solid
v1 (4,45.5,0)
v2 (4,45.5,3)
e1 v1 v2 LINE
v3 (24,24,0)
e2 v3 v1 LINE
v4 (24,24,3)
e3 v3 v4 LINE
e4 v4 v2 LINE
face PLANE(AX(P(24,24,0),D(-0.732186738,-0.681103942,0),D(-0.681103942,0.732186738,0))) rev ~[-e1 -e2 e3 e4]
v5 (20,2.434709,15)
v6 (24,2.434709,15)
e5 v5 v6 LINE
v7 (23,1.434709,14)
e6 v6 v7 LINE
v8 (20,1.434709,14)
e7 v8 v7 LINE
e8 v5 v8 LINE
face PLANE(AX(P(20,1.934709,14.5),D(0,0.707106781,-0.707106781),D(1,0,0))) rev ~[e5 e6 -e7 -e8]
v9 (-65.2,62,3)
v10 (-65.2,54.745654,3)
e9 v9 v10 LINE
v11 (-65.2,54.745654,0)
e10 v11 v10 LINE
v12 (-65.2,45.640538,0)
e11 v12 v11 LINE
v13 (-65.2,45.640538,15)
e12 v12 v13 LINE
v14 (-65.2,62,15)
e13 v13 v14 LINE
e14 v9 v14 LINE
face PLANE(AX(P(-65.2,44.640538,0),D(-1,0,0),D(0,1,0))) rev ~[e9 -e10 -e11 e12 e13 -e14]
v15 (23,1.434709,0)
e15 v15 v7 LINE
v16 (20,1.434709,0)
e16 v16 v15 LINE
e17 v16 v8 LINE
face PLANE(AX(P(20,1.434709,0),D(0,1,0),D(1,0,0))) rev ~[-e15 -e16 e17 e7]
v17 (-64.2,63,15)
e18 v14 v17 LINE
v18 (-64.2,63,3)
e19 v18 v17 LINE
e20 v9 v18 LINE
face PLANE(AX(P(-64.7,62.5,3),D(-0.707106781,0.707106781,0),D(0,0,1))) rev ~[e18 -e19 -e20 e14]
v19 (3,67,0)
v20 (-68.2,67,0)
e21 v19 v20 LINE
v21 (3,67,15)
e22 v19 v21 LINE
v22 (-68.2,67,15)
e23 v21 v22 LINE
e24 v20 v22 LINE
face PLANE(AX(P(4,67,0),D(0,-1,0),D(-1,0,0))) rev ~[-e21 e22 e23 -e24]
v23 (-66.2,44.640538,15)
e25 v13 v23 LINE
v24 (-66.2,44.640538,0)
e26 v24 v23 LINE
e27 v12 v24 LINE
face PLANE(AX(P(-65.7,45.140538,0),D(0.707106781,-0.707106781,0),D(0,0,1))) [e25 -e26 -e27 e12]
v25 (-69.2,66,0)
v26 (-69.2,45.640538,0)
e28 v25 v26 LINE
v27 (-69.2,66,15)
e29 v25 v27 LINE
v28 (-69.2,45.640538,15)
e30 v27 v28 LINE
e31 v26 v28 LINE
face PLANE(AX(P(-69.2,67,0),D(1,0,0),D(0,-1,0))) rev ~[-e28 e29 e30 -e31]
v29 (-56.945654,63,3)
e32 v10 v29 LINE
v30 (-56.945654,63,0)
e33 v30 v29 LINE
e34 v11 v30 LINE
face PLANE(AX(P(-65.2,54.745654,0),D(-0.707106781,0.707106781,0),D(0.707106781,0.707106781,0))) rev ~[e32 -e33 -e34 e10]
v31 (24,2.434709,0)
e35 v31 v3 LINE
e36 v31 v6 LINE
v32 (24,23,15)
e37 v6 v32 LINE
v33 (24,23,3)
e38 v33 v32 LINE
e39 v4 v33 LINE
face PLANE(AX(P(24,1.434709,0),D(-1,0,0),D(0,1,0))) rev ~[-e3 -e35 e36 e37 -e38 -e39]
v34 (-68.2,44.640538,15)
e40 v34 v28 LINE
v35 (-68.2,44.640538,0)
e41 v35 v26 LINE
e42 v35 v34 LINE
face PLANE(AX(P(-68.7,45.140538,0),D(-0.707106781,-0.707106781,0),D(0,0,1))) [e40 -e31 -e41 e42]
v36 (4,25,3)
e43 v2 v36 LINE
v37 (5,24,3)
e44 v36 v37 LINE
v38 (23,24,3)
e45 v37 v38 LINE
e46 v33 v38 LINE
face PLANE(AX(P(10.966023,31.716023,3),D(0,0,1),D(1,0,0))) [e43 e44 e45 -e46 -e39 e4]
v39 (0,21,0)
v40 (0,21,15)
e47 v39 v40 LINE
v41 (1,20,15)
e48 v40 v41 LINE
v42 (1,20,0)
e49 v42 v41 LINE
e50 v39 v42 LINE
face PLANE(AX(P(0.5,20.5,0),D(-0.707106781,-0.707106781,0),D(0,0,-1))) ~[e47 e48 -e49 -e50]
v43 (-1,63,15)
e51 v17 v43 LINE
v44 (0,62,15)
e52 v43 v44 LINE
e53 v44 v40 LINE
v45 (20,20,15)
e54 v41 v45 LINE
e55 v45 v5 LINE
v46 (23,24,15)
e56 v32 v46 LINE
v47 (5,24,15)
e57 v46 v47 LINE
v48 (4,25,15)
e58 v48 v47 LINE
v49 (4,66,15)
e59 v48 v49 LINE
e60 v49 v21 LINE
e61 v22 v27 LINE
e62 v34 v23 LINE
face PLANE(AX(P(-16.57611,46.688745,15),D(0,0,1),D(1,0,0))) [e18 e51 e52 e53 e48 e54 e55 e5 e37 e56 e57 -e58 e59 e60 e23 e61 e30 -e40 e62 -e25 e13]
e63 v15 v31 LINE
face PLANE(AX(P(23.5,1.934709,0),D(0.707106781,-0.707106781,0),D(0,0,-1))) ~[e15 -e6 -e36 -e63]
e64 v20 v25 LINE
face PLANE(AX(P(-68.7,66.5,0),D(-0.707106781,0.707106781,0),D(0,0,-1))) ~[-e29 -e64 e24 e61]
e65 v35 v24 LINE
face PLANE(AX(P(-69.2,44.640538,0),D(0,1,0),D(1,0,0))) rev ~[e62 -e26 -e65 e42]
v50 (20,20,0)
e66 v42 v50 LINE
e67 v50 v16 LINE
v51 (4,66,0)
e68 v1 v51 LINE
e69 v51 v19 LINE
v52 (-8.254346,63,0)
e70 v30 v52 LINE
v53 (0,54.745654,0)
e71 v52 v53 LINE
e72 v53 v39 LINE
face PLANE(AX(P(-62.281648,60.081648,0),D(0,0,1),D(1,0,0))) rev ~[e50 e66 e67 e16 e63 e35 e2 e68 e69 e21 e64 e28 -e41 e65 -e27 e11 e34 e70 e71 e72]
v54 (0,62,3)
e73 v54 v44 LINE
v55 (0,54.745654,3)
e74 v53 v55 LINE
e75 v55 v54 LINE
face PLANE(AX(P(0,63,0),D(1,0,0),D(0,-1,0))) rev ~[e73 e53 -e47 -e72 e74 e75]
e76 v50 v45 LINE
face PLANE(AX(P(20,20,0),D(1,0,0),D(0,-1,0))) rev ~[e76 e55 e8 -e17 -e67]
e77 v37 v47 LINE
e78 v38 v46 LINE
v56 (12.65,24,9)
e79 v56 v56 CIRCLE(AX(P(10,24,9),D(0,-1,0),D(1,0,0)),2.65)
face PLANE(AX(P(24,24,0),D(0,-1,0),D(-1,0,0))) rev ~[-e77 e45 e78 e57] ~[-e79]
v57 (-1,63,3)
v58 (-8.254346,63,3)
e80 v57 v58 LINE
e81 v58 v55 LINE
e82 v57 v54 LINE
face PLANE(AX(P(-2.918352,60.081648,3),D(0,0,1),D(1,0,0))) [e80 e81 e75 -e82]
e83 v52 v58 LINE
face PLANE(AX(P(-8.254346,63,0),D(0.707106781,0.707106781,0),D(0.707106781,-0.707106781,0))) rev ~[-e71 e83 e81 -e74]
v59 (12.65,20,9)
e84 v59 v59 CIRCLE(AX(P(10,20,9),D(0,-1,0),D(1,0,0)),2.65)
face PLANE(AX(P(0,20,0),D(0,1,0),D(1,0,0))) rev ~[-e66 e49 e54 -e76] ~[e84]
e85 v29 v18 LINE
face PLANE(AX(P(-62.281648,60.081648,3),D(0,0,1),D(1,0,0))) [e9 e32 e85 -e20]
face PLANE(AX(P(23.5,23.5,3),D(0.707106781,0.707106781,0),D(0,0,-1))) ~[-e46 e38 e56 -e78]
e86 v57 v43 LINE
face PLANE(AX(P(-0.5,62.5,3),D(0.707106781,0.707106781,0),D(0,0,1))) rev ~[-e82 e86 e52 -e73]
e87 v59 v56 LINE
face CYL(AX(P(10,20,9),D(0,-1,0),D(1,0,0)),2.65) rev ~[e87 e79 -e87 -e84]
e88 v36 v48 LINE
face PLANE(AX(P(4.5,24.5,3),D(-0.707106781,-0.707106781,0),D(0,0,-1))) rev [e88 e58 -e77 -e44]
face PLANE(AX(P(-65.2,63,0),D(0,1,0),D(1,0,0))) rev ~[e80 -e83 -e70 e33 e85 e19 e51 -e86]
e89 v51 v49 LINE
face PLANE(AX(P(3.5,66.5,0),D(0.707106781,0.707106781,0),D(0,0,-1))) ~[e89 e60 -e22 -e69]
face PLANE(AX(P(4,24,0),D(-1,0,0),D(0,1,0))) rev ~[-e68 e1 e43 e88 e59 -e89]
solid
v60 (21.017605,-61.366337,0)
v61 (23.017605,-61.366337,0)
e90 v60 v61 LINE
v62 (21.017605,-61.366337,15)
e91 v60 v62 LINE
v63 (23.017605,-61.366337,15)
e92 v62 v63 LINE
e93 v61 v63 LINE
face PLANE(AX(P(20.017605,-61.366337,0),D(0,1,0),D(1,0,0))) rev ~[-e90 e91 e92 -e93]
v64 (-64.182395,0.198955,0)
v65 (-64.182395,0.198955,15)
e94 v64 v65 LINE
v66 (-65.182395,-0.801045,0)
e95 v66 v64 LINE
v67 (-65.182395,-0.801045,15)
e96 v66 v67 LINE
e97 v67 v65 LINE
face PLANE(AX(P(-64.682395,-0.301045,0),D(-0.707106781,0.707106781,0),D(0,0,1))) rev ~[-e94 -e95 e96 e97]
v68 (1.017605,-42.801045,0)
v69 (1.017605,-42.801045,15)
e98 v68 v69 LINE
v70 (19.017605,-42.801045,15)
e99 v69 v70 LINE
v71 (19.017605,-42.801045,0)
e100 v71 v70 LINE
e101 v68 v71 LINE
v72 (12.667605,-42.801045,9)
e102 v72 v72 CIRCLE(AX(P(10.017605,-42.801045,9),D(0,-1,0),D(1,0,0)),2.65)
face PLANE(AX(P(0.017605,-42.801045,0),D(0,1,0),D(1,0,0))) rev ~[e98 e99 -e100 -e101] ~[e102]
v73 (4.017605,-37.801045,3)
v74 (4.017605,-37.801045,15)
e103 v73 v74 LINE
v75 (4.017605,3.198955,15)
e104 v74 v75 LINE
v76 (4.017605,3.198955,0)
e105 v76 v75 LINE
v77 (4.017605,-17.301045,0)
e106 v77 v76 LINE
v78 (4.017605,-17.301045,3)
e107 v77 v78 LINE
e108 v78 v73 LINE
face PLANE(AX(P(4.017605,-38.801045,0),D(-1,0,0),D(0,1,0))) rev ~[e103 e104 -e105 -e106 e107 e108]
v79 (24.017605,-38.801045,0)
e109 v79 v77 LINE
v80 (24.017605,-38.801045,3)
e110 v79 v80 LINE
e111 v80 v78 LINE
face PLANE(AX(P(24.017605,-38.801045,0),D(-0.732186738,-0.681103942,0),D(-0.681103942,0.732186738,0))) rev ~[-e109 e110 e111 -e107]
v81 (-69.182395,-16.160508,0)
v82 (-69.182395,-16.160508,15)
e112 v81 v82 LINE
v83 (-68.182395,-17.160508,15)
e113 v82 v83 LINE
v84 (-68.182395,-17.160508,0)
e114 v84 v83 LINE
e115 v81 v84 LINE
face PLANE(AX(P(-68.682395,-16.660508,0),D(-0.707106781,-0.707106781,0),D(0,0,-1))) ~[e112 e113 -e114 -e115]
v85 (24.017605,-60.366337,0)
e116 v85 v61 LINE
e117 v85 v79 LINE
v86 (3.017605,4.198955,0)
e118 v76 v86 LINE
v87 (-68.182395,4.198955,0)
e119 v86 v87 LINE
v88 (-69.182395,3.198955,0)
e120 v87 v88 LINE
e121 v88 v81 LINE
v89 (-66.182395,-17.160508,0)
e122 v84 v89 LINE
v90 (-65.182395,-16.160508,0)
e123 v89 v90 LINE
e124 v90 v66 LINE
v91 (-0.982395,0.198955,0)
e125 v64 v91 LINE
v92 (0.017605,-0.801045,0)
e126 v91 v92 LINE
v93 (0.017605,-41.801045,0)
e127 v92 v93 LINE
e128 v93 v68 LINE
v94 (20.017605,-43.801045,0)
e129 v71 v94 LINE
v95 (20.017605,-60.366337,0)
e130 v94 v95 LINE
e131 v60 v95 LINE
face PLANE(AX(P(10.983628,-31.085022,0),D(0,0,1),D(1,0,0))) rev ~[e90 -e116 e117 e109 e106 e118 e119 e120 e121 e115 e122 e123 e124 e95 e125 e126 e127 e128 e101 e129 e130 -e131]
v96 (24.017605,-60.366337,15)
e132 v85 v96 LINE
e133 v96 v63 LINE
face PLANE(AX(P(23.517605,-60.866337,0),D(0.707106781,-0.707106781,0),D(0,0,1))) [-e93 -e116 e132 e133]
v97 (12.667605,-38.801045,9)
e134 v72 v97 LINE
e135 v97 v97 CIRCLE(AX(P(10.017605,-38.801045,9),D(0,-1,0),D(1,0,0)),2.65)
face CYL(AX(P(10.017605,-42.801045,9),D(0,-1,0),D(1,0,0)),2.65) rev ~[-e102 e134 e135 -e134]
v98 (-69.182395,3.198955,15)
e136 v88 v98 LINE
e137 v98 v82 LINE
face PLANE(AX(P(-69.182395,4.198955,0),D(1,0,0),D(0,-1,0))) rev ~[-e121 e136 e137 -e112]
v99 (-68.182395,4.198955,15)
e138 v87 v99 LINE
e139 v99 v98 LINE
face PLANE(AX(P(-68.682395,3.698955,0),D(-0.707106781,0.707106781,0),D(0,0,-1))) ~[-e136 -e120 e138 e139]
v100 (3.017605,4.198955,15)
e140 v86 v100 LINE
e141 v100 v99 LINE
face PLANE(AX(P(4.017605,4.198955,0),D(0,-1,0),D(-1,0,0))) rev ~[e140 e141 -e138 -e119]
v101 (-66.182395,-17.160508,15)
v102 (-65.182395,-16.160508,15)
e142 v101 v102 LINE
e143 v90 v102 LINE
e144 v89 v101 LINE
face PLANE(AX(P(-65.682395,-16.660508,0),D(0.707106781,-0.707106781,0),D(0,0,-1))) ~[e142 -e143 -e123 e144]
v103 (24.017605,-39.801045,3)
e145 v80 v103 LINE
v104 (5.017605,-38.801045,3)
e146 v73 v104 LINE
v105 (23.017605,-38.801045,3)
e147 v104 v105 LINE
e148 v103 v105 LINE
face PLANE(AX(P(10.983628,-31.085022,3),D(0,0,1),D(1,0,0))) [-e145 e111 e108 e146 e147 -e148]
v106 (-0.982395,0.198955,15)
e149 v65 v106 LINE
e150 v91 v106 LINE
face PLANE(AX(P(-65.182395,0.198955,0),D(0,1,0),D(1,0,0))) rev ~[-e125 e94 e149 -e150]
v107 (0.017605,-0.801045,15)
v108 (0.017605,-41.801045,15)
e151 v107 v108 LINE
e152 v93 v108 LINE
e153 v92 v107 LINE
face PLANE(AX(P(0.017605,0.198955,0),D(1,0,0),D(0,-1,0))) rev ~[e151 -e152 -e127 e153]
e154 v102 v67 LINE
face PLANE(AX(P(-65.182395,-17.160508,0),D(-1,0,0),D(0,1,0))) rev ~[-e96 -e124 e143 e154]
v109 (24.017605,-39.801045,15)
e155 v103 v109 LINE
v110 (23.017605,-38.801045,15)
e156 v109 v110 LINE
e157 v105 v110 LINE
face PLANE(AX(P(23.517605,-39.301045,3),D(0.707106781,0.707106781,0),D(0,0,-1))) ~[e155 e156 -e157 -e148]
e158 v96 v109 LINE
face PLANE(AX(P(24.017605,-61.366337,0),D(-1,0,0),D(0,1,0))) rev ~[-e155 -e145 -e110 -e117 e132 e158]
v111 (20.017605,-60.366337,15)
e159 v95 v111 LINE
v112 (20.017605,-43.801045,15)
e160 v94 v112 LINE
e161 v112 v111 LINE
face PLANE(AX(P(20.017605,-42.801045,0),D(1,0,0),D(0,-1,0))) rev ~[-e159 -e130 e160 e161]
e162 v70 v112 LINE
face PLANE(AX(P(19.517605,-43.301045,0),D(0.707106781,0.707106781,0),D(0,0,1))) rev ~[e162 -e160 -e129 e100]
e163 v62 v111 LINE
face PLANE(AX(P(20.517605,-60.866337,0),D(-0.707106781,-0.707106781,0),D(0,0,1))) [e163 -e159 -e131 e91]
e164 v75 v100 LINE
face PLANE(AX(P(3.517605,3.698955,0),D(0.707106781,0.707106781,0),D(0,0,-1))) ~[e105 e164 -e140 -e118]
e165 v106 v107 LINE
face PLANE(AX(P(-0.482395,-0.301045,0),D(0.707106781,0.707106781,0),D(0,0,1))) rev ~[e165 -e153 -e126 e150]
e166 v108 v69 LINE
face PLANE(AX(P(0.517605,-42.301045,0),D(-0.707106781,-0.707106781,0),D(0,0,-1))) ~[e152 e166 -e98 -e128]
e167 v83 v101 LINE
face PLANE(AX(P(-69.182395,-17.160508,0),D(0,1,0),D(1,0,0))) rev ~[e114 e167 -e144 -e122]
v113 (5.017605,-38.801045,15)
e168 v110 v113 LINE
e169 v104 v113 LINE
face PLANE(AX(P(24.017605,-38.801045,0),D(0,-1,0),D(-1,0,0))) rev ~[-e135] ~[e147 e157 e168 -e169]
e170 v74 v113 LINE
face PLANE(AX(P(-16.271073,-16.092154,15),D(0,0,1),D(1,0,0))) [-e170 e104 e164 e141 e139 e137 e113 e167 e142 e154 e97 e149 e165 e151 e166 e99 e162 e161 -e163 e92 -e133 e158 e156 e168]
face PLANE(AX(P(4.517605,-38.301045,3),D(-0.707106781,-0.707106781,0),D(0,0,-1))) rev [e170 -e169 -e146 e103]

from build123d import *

# Parameters (mm, degrees)
F1_DEPTH  = 15
F2_DEPTH  = 3
F3_SIZE   = 1
F4_R      = 2.65
F5_DEPTH  = 25
F7_DEPTH  = 15
F8_DEPTH  = 3
F9_R      = 2.65
F10_DEPTH = 25
F11_SIZE  = 1


with BuildPart() as f1:
    # F0 (on Top) → F1 (new body)
    with BuildSketch(Plane.XY):
        Polygon((20, 20), (20, 1.434709), (24, 1.434709), (24, 24), (4, 24), (4, 45.5), (4, 67), (-69.2, 67), (-69.2, 44.640538), (-65.2, 44.640538), (-65.2, 54.745654), (-65.2, 63), (-56.945654, 63), (-8.254346, 63), (0, 63), (0, 54.745654), (0, 20), align=None)
    extrude(amount=F1_DEPTH)

    # F0 (on Top) → F2 (join)
    with BuildSketch(Plane.XY):
        Polygon((-65.2, 54.745654), (-56.945654, 63), (-65.2, 63), align=None)
        Polygon((-8.254346, 63), (0, 54.745654), (0, 63), align=None)
        Polygon((4, 24), (24, 24), (4, 45.5), align=None)
    extrude(amount=F2_DEPTH)

    # F3
    f3_edges = [f1.edges().sort_by_distance(p)[0] for p in [
        (0, 63, 9),
        (-65.2, 63, 9),
        (4, 24, 9),
        (24, 24, 9),
        (4, 67, 7.5),
        (0, 20, 7.5),
        (22, 1.434709, 15),
        (24, 1.434709, 7.5),
        (-69.2, 67, 7.5),
        (-69.2, 44.640538, 7.5),
        (-65.2, 44.640538, 7.5),
    ]]
    chamfer(f3_edges, length=F3_SIZE)

    # F4 (on face) → F5 (cut)
    with BuildSketch(Plane.XZ.offset(-20)):
        with Locations((10, 9)):
            Circle(F4_R)
    extrude(amount=-F5_DEPTH, mode=Mode.SUBTRACT)


with BuildPart() as f7:
    # F6 (on Top) → F7 (new body)
    with BuildSketch(Plane.XY):
        Polygon((20.017605, -42.801045), (20.017605, -61.366337), (24.017605, -61.366337), (24.017605, -38.801045), (4.017605, -38.801045), (4.017605, -17.301045), (4.017605, 4.198955), (-69.182395, 4.198955), (-69.182395, -17.160508), (-65.182395, -17.160508), (-65.182395, -7.055392), (-65.182395, 0.198955), (-57.928049, 0.198955), (-7.236742, 0.198955), (0.017605, 0.198955), (0.017605, -7.055392), (0.017605, -42.801045), align=None)
    extrude(amount=F7_DEPTH)

    # F6 (on Top) → F8 (join)
    with BuildSketch(Plane.XY):
        Polygon((4.017605, -38.801045), (24.017605, -38.801045), (4.017605, -17.301045), align=None)
    extrude(amount=F8_DEPTH)

    # F9 (on face) → F10 (cut)
    with BuildSketch(Plane.XZ.offset(42.801045)):
        with Locations((10.017605, 9)):
            Circle(F9_R)
    extrude(amount=-F10_DEPTH, mode=Mode.SUBTRACT)

    # F11
    f11_edges = [f7.edges().sort_by_distance(p)[0] for p in [
        (-69.182395, 4.198955, 7.5),
        (-69.182395, -17.160508, 7.5),
        (-65.182395, -17.160508, 7.5),
        (-65.182395, 0.198955, 7.5),
        (0.017605, -42.801045, 7.5),
        (4.017605, 4.198955, 7.5),
        (0.017605, 0.198955, 7.5),
        (4.017605, -38.801045, 9),
        (24.017605, -38.801045, 9),
        (24.017605, -61.366337, 7.5),
        (20.017605, -61.366337, 7.5),
        (20.017605, -42.801045, 7.5),
    ]]
    chamfer(f11_edges, length=F11_SIZE)


solid = Compound([f1.part, f7.part])
